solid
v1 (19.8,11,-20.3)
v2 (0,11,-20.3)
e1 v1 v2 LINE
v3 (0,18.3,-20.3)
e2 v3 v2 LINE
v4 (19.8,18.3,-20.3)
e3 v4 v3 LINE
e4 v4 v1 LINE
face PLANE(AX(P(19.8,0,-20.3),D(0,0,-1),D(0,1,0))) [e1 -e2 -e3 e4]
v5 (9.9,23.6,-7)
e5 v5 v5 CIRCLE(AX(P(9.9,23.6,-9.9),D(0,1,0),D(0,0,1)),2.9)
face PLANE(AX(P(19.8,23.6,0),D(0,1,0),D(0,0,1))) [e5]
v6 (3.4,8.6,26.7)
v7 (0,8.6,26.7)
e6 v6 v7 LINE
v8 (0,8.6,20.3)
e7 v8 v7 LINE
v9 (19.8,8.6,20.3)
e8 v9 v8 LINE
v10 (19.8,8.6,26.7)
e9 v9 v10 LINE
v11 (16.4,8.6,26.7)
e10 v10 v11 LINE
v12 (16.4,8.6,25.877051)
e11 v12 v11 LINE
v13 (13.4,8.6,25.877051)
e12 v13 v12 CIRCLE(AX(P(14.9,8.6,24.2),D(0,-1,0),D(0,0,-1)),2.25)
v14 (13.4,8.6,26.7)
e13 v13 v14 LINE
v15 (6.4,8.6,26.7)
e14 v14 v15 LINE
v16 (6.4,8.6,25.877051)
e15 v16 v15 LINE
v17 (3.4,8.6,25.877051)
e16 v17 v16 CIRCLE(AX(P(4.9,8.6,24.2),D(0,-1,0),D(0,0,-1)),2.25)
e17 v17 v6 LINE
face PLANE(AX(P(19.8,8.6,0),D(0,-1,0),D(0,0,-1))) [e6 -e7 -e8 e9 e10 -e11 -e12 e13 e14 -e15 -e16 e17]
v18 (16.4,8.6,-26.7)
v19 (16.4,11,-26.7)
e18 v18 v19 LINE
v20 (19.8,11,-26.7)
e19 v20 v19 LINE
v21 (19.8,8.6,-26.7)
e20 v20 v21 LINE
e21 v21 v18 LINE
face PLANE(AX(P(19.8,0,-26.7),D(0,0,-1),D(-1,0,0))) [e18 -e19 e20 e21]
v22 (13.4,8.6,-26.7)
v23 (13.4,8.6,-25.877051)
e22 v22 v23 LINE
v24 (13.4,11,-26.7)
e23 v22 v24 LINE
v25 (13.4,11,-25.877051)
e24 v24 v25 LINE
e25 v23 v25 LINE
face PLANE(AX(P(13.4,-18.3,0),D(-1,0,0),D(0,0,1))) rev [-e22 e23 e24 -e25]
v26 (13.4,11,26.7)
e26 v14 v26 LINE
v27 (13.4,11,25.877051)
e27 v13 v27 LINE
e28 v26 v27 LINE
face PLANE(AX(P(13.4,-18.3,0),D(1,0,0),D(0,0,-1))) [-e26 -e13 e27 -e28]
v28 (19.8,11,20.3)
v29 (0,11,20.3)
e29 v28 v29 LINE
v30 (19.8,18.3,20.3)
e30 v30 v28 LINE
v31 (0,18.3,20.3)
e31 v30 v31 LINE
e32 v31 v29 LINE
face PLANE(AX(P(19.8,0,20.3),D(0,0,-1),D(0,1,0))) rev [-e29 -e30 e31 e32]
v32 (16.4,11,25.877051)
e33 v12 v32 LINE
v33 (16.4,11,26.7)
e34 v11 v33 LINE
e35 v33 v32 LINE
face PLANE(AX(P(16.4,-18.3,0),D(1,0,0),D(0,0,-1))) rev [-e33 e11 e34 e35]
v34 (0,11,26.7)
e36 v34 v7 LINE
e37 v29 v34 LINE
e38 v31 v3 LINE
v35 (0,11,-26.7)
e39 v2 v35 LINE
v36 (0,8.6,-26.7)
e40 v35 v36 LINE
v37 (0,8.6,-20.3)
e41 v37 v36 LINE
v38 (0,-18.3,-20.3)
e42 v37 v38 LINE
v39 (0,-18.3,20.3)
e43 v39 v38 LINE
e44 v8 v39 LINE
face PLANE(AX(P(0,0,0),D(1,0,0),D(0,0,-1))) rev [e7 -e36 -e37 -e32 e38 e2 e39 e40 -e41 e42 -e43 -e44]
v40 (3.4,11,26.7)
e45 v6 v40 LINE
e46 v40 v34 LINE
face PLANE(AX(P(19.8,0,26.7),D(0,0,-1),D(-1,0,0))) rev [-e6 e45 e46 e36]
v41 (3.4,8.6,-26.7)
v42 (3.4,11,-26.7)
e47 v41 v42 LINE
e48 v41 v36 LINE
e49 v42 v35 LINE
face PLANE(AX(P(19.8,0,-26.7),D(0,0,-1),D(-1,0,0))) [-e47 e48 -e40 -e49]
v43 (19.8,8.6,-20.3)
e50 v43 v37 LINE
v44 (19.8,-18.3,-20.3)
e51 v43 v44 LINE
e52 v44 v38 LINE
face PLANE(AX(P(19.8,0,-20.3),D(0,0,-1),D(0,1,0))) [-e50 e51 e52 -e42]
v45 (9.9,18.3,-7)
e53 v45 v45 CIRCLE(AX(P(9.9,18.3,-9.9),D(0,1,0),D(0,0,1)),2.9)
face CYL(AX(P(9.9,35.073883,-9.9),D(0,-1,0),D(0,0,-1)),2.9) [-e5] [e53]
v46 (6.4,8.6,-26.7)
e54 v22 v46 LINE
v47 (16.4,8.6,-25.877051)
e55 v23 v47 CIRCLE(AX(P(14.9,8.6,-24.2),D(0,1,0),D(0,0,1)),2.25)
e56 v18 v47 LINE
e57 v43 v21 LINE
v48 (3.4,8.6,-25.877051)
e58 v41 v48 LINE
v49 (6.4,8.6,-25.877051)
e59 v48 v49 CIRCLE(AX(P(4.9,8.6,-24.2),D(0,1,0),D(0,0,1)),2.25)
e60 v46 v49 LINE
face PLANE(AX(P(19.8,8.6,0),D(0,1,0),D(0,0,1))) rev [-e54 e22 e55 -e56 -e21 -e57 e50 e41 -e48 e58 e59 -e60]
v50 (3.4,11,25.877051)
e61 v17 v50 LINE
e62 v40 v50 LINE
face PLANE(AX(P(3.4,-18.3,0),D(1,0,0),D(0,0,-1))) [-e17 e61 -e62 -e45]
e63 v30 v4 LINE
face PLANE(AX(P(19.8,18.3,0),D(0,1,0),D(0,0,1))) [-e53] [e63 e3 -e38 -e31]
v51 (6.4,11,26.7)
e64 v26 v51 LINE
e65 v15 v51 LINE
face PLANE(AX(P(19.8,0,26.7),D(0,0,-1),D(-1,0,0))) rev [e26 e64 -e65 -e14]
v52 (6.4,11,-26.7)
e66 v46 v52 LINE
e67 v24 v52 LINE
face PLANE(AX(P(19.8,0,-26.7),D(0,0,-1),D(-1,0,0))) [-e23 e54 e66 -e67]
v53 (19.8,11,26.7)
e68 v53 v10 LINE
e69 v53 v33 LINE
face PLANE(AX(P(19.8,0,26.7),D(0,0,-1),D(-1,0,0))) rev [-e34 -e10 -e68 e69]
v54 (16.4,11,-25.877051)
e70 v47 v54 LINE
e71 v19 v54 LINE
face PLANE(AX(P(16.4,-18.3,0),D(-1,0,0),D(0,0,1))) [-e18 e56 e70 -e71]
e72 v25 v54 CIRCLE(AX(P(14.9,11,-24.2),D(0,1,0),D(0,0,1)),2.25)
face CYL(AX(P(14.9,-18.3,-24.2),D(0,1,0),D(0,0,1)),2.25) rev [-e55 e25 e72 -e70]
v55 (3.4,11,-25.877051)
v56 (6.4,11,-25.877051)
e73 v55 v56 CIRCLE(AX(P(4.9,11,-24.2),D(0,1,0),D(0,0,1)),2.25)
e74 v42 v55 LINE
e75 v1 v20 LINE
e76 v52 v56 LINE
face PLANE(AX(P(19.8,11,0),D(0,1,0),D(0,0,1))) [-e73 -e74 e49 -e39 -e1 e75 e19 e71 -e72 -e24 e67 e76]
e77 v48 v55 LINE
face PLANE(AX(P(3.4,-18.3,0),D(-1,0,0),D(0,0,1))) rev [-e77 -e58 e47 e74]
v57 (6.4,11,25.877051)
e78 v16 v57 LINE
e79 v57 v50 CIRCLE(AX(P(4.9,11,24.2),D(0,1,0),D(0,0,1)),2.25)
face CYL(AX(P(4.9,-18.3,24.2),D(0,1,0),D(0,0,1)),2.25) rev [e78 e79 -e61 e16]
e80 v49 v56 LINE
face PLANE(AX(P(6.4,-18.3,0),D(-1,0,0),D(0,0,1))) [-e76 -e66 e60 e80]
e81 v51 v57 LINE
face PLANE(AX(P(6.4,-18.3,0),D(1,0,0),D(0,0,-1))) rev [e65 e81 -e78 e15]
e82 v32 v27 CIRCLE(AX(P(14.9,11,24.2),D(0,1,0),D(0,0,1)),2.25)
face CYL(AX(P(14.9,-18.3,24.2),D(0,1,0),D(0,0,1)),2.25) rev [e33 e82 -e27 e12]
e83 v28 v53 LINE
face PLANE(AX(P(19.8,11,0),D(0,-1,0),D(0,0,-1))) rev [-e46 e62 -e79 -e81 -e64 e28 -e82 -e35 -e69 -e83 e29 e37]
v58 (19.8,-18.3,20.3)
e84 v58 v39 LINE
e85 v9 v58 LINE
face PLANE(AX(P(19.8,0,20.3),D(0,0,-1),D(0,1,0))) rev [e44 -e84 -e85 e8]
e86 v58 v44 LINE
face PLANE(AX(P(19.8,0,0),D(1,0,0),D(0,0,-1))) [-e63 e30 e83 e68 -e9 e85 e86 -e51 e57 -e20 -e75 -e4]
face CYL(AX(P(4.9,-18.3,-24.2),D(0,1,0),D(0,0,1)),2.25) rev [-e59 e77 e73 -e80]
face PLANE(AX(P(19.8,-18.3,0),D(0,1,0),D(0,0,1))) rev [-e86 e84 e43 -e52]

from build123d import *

# Parameters (mm, degrees)
SKETCH2_W           = 40.6
SKETCH2_H           = 36.6
SKETCH2_W_2         = 6.4
SKETCH2_H_2         = 2.4
SKETCH2_W_3         = 5.8
SKETCH2_H_3         = 5.3
BOSS_EXTRUDE1_DEPTH = 19.8
CUT_EXTRUDE1_DEPTH  = 5.3
CUT_EXTRUDE2_DEPTH  = 30.3


with BuildPart() as part:
    # Sketch2 → Boss-Extrude1 (new body)
    with BuildSketch(Plane(origin=(0, 0, 0), x_dir=(0, 0, -1), z_dir=(1, 0, 0))):
        Rectangle(SKETCH2_W, SKETCH2_H)
        with Locations((-23.5, 9.8)):
            Rectangle(SKETCH2_W_2, SKETCH2_H_2)
        with Locations((9.9, 20.95)):
            Rectangle(SKETCH2_W_3, SKETCH2_H_3)
        with Locations((23.5, 9.8)):
            Rectangle(SKETCH2_W_2, SKETCH2_H_2)
    extrude(amount=BOSS_EXTRUDE1_DEPTH)

    # Sketch3 → Cut-Extrude1 (cut)
    with BuildSketch(Plane(origin=(0, 18.3, 0), x_dir=(1, 0, 0), z_dir=(0, 1, 0))):
        with BuildLine():
            Line((9.9, 7), (12.8, 7))
            Line((12.8, 7), (12.8, 9.9))
            ThreePointArc((12.8, 9.9), (11.950609665, 7.849390335), (9.9, 7))
        make_face()
        with BuildLine():
            ThreePointArc((9.9, 12.8), (11.950609665, 11.950609665), (12.8, 9.9))
            Line((12.8, 9.9), (12.8, 12.8))
            Line((12.8, 12.8), (9.9, 12.8))
        make_face()
        with BuildLine():
            ThreePointArc((7, 9.9), (7.849390335, 11.950609665), (9.9, 12.8))
            Line((9.9, 12.8), (7, 12.8))
            Line((7, 12.8), (7, 9.9))
        make_face()
        with BuildLine():
            Line((7, 7), (9.9, 7))
            ThreePointArc((9.9, 7), (7.849390335, 7.849390335), (7, 9.9))
            Line((7, 9.9), (7, 7))
        make_face()
        Polygon((0, 7), (7, 7), (7, 9.9), (7, 12.8), (0, 12.8), align=None)
        Polygon((12.8, 7), (19.8, 7), (19.8, 12.8), (12.8, 12.8), (12.8, 9.9), align=None)
    extrude(amount=CUT_EXTRUDE1_DEPTH, mode=Mode.SUBTRACT)

    # Sketch4 → Cut-Extrude2 (cut, through all)
    with BuildSketch(Plane(origin=(0, 11, 0), x_dir=(1, 0, 0), z_dir=(0, 1, 0))):
        with BuildLine():
            ThreePointArc((16.4, 25.877050983), (14.9, 26.45), (13.4, 25.877050983))
            Line((13.4, 25.877050983), (16.4, 25.877050983))
        make_face()
        with BuildLine():
            Line((16.4, 25.877050983), (13.4, 25.877050983))
            ThreePointArc((13.4, 25.877050983), (13.981441346, 22.146040409), (17.15, 24.2))
            ThreePointArc((17.15, 24.2), (16.953959591, 25.118558654), (16.4, 25.877050983))
        make_face()
        with BuildLine():
            Line((16.4, 26.7), (13.4, 26.7))
            Line((13.4, 26.7), (13.4, 25.877050983))
            ThreePointArc((13.4, 25.877050983), (14.9, 26.45), (16.4, 25.877050983))
            Line((16.4, 25.877050983), (16.4, 26.7))
        make_face()
        with BuildLine():
            ThreePointArc((7.15, 24.2), (6.953959591, 25.118558654), (6.4, 25.877050983))
            Line((6.4, 25.877050983), (3.4, 25.877050983))
            ThreePointArc((3.4, 25.877050983), (3.981441346, 22.146040409), (7.15, 24.2))
        make_face()
        with BuildLine():
            Line((3.4, 25.877050983), (6.4, 25.877050983))
            ThreePointArc((6.4, 25.877050983), (4.9, 26.45), (3.4, 25.877050983))
        make_face()
        with BuildLine():
            Line((6.4, 25.877050983), (6.4, 26.7))
            Line((6.4, 26.7), (3.4, 26.7))
            Line((3.4, 26.7), (3.4, 25.877050983))
            ThreePointArc((3.4, 25.877050983), (4.9, 26.45), (6.4, 25.877050983))
        make_face()
        with BuildLine():
            ThreePointArc((13.4, -25.877050983), (14.9, -26.45), (16.4, -25.877050983))
            Line((16.4, -25.877050983), (13.4, -25.877050983))
        make_face()
        with BuildLine():
            Line((13.4, -25.877050983), (16.4, -25.877050983))
            ThreePointArc((16.4, -25.877050983), (16.953959591, -25.118558654), (17.15, -24.2))
            ThreePointArc((17.15, -24.2), (13.981441346, -22.146040409), (13.4, -25.877050983))
        make_face()
        with BuildLine():
            Line((13.4, -26.7), (16.4, -26.7))
            Line((16.4, -26.7), (16.4, -25.877050983))
            ThreePointArc((16.4, -25.877050983), (14.9, -26.45), (13.4, -25.877050983))
            Line((13.4, -25.877050983), (13.4, -26.7))
        make_face()
        with BuildLine():
            ThreePointArc((3.4, -25.877050983), (4.9, -26.45), (6.4, -25.877050983))
            Line((6.4, -25.877050983), (3.4, -25.877050983))
        make_face()
        with BuildLine():
            Line((3.4, -25.877050983), (6.4, -25.877050983))
            ThreePointArc((6.4, -25.877050983), (6.953959591, -25.118558654), (7.15, -24.2))
            ThreePointArc((7.15, -24.2), (3.981441346, -22.146040409), (3.4, -25.877050983))
        make_face()
        with BuildLine():
            Line((3.4, -26.7), (6.4, -26.7))
            Line((6.4, -26.7), (6.4, -25.877050983))
            ThreePointArc((6.4, -25.877050983), (4.9, -26.45), (3.4, -25.877050983))
            Line((3.4, -25.877050983), (3.4, -26.7))
        make_face()
    extrude(amount=-CUT_EXTRUDE2_DEPTH, mode=Mode.SUBTRACT)


solid = part.part
